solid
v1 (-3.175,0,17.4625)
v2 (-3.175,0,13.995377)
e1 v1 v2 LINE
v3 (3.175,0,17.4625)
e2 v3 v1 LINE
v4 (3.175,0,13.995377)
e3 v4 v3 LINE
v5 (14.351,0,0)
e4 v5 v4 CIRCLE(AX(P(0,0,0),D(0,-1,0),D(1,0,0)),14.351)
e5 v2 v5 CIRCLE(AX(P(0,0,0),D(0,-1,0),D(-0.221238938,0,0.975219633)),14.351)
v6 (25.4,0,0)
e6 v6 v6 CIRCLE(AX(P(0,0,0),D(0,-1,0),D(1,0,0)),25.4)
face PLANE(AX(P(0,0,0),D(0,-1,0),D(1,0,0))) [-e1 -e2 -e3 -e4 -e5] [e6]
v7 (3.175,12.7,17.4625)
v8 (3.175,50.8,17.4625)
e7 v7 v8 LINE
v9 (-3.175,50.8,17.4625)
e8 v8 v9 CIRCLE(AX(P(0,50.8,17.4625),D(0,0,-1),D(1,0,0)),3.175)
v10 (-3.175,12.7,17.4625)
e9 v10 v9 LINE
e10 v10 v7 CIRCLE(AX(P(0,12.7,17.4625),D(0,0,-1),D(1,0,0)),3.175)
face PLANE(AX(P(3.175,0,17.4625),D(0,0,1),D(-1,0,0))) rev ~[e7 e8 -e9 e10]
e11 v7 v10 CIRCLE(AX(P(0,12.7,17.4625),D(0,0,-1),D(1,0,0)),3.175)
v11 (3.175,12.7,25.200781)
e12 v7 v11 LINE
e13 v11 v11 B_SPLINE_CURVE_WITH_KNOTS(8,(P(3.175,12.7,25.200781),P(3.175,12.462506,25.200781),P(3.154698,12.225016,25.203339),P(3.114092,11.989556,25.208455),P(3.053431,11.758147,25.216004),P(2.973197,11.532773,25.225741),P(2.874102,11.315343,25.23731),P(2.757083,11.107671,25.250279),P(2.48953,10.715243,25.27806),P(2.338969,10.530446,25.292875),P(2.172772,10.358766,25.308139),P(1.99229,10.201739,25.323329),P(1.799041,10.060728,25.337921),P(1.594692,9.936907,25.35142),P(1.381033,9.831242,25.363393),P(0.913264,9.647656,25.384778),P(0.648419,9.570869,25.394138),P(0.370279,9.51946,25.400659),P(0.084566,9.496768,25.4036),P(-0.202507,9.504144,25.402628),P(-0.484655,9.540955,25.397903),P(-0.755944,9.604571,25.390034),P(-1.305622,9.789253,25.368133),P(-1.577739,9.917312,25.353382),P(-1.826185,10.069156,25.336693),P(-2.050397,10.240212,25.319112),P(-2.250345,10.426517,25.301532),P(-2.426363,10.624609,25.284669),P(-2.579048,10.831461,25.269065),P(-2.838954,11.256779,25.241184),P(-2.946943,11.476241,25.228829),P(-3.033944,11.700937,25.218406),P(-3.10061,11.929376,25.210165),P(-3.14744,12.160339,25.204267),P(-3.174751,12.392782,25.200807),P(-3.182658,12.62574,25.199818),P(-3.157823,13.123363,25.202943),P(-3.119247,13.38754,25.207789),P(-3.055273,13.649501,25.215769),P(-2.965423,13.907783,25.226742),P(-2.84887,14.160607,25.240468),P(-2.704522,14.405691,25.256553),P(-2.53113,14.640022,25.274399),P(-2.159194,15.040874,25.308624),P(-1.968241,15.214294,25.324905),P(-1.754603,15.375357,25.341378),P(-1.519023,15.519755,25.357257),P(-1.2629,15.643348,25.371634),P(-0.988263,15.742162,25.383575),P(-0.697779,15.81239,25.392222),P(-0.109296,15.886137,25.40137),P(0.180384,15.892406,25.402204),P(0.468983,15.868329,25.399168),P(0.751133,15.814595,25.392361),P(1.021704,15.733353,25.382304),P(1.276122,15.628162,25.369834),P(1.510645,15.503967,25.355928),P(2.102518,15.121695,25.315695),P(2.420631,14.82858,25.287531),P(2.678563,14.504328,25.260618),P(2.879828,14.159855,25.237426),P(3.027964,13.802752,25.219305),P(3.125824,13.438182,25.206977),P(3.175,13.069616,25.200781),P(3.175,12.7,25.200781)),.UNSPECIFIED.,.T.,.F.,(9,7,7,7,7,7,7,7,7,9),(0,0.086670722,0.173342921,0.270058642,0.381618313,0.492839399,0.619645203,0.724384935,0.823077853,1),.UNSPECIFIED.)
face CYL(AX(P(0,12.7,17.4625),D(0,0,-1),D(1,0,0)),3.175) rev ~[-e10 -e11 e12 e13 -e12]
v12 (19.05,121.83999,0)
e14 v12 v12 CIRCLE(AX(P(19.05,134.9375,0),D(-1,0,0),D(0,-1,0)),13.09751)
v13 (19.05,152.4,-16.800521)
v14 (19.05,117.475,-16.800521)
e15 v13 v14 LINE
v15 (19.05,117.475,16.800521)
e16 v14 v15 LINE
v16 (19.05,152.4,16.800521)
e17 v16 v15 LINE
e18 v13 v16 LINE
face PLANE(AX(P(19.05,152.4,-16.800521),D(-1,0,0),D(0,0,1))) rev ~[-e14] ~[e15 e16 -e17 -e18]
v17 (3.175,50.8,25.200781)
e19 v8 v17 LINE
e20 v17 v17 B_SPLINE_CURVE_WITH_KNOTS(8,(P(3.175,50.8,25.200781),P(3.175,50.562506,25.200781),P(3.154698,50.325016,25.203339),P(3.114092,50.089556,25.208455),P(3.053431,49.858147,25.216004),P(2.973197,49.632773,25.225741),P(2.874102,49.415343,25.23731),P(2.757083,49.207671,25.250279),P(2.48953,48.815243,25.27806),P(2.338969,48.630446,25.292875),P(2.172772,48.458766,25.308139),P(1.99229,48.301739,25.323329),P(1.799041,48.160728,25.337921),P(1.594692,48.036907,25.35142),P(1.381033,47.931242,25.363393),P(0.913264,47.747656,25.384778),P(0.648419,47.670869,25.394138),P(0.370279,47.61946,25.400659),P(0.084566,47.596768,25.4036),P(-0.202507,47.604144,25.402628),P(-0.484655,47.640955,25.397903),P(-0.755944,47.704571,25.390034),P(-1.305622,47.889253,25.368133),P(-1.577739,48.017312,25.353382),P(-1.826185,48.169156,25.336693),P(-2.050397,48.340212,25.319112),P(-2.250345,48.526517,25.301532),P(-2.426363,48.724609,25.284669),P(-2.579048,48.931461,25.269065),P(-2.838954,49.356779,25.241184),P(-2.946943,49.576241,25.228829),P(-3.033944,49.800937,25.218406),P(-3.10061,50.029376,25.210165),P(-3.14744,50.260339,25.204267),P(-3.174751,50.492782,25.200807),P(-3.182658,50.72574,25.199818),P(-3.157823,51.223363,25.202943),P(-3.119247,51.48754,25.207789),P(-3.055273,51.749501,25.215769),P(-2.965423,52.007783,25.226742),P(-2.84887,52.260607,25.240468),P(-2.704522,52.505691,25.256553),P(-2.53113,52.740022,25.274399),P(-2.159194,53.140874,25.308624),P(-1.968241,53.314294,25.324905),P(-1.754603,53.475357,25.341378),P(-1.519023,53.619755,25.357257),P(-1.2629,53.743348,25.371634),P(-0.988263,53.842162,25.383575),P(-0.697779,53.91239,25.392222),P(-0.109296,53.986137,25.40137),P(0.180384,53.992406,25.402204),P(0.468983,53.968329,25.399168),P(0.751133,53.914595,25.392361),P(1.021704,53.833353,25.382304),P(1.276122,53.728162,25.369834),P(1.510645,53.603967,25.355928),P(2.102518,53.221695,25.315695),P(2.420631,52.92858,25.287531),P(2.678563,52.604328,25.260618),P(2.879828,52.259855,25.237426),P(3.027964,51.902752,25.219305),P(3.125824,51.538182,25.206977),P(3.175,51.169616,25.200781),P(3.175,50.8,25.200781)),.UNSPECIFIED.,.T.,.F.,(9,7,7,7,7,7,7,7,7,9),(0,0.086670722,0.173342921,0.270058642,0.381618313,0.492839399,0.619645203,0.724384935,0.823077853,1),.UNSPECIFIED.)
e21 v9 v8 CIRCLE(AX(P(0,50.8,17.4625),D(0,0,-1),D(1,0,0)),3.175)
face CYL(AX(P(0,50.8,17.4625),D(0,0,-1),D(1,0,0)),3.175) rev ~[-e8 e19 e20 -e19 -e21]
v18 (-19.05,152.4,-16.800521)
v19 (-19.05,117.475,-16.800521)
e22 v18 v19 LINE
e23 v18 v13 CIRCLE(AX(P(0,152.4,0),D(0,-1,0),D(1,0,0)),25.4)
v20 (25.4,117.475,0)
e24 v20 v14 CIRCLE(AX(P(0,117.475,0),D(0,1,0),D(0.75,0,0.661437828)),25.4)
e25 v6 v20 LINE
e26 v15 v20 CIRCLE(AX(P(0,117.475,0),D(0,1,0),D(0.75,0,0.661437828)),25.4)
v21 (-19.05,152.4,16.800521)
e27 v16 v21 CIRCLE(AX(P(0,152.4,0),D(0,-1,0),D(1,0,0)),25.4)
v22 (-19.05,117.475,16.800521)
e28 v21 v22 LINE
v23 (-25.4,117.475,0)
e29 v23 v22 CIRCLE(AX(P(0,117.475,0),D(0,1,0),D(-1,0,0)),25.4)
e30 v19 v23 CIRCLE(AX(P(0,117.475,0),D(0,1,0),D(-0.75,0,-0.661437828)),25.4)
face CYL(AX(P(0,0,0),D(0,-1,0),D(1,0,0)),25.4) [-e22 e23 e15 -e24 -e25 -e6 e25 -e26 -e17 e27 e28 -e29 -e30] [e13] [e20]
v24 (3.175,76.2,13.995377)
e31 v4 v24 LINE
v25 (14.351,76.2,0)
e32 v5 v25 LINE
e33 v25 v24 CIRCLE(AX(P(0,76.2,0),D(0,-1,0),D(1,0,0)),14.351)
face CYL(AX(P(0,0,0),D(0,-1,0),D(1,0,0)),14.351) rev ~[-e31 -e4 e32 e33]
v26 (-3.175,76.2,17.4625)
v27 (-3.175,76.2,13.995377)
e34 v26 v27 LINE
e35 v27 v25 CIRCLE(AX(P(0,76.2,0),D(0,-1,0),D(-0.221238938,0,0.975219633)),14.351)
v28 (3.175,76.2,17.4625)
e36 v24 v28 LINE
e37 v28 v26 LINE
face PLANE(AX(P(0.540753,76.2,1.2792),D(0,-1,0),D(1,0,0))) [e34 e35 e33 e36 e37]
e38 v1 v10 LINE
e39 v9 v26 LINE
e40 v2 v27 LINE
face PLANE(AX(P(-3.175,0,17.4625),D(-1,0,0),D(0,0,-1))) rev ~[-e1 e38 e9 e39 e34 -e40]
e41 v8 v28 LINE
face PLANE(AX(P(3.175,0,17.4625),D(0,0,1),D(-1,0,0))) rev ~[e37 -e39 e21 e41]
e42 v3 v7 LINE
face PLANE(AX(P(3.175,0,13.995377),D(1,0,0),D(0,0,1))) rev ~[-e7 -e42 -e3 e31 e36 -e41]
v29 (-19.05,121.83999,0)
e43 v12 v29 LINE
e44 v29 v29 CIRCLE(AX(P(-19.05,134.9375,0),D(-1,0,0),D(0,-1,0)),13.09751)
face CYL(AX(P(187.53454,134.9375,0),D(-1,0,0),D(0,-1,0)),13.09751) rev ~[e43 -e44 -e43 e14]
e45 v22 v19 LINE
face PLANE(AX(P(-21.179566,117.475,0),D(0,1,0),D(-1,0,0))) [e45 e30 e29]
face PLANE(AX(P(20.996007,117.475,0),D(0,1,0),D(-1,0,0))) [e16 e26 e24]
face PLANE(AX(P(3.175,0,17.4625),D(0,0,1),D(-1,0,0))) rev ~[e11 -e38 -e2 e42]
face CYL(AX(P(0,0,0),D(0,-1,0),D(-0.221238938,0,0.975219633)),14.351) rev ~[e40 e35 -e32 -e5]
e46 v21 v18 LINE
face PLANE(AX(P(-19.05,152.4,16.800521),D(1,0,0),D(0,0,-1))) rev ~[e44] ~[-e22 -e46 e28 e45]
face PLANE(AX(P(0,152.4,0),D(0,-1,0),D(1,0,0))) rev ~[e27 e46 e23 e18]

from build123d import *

# Parameters (mm, degrees)
F0_R     = 25.4
F1_DEPTH = 152.4
F3_DEPTH = 76.2
F5_DEPTH = 7.9375
F7_DEPTH = 34.925
F9_D     = 26.19502


with BuildPart() as f1:
    # F0 (on Front) → F1 (new body)
    with BuildSketch(Plane.XZ):
        Circle(F0_R)
    extrude(amount=-F1_DEPTH)

    # F2 (on face) → F3 (cut)
    with BuildSketch(Plane.XZ):
        with BuildLine():
            ThreePointArc((-3.175, 13.995376951), (-8.9550761024, -11.214179105), (14.351, 0))
            ThreePointArc((14.351, 0), (11.214179105, 8.9550761024), (3.175, 13.995376951))
            Line((3.175, 13.995376951), (3.175, 11.1125))
            Line((3.175, 11.1125), (-3.175, 11.1125))
            Line((-3.175, 11.1125), (-3.175, 13.995376951))
        make_face()
        with BuildLine():
            Line((3.175, 11.1125), (3.175, 13.995376951))
            ThreePointArc((3.175, 13.995376951), (0, 14.351), (-3.175, 13.995376951))
            Line((-3.175, 13.995376951), (-3.175, 11.1125))
            Line((-3.175, 11.1125), (3.175, 11.1125))
        make_face()
        with BuildLine():
            ThreePointArc((-3.175, 13.995376951), (0, 14.351), (3.175, 13.995376951))
            Line((3.175, 13.995376951), (3.175, 17.4625))
            Line((3.175, 17.4625), (-3.175, 17.4625))
            Line((-3.175, 17.4625), (-3.175, 13.995376951))
        make_face()
    extrude(amount=-F3_DEPTH, mode=Mode.SUBTRACT)

    # F4 (on face) → F5 (cut, through all)
    with BuildSketch(Plane(origin=(0, 0, 17.4625), x_dir=(1, 0, 0), z_dir=(0, 0, -1))):
        with BuildLine():
            ThreePointArc((-3.175, -12.7), (0, -15.875), (3.175, -12.7))
            ThreePointArc((3.175, -12.7), (0, -9.525), (-3.175, -12.7))
        make_face()
        with BuildLine():
            ThreePointArc((-3.175, -50.8), (0, -53.975), (3.175, -50.8))
            ThreePointArc((3.175, -50.8), (0, -47.625), (-3.175, -50.8))
        make_face()
    extrude(amount=-F5_DEPTH, mode=Mode.SUBTRACT)

    # F6 (on face) → F7 (cut)
    with BuildSketch(Plane(origin=(0, 152.4, 0), x_dir=(-1, 0, 0), z_dir=(0, 1, 0))):
        with BuildLine():
            Line((-19.05, -16.8005208253), (-19.05, 16.8005208253))
            ThreePointArc((-19.05, 16.8005208253), (-25.4, 0), (-19.05, -16.8005208253))
        make_face()
        with BuildLine():
            ThreePointArc((19.05, -16.8005208253), (23.759524406, -8.9802561211), (25.4, 0))
            ThreePointArc((25.4, 0), (23.759524406, 8.9802561211), (19.05, 16.8005208253))
            Line((19.05, 16.8005208253), (19.05, -16.8005208253))
        make_face()
    extrude(amount=-F7_DEPTH, mode=Mode.SUBTRACT)

    # F9 (through all)
    with Locations(Plane.YZ.offset(19.05)):
        with Locations((134.9375, 0)):
            Hole(F9_D / 2)


solid = f1.part
